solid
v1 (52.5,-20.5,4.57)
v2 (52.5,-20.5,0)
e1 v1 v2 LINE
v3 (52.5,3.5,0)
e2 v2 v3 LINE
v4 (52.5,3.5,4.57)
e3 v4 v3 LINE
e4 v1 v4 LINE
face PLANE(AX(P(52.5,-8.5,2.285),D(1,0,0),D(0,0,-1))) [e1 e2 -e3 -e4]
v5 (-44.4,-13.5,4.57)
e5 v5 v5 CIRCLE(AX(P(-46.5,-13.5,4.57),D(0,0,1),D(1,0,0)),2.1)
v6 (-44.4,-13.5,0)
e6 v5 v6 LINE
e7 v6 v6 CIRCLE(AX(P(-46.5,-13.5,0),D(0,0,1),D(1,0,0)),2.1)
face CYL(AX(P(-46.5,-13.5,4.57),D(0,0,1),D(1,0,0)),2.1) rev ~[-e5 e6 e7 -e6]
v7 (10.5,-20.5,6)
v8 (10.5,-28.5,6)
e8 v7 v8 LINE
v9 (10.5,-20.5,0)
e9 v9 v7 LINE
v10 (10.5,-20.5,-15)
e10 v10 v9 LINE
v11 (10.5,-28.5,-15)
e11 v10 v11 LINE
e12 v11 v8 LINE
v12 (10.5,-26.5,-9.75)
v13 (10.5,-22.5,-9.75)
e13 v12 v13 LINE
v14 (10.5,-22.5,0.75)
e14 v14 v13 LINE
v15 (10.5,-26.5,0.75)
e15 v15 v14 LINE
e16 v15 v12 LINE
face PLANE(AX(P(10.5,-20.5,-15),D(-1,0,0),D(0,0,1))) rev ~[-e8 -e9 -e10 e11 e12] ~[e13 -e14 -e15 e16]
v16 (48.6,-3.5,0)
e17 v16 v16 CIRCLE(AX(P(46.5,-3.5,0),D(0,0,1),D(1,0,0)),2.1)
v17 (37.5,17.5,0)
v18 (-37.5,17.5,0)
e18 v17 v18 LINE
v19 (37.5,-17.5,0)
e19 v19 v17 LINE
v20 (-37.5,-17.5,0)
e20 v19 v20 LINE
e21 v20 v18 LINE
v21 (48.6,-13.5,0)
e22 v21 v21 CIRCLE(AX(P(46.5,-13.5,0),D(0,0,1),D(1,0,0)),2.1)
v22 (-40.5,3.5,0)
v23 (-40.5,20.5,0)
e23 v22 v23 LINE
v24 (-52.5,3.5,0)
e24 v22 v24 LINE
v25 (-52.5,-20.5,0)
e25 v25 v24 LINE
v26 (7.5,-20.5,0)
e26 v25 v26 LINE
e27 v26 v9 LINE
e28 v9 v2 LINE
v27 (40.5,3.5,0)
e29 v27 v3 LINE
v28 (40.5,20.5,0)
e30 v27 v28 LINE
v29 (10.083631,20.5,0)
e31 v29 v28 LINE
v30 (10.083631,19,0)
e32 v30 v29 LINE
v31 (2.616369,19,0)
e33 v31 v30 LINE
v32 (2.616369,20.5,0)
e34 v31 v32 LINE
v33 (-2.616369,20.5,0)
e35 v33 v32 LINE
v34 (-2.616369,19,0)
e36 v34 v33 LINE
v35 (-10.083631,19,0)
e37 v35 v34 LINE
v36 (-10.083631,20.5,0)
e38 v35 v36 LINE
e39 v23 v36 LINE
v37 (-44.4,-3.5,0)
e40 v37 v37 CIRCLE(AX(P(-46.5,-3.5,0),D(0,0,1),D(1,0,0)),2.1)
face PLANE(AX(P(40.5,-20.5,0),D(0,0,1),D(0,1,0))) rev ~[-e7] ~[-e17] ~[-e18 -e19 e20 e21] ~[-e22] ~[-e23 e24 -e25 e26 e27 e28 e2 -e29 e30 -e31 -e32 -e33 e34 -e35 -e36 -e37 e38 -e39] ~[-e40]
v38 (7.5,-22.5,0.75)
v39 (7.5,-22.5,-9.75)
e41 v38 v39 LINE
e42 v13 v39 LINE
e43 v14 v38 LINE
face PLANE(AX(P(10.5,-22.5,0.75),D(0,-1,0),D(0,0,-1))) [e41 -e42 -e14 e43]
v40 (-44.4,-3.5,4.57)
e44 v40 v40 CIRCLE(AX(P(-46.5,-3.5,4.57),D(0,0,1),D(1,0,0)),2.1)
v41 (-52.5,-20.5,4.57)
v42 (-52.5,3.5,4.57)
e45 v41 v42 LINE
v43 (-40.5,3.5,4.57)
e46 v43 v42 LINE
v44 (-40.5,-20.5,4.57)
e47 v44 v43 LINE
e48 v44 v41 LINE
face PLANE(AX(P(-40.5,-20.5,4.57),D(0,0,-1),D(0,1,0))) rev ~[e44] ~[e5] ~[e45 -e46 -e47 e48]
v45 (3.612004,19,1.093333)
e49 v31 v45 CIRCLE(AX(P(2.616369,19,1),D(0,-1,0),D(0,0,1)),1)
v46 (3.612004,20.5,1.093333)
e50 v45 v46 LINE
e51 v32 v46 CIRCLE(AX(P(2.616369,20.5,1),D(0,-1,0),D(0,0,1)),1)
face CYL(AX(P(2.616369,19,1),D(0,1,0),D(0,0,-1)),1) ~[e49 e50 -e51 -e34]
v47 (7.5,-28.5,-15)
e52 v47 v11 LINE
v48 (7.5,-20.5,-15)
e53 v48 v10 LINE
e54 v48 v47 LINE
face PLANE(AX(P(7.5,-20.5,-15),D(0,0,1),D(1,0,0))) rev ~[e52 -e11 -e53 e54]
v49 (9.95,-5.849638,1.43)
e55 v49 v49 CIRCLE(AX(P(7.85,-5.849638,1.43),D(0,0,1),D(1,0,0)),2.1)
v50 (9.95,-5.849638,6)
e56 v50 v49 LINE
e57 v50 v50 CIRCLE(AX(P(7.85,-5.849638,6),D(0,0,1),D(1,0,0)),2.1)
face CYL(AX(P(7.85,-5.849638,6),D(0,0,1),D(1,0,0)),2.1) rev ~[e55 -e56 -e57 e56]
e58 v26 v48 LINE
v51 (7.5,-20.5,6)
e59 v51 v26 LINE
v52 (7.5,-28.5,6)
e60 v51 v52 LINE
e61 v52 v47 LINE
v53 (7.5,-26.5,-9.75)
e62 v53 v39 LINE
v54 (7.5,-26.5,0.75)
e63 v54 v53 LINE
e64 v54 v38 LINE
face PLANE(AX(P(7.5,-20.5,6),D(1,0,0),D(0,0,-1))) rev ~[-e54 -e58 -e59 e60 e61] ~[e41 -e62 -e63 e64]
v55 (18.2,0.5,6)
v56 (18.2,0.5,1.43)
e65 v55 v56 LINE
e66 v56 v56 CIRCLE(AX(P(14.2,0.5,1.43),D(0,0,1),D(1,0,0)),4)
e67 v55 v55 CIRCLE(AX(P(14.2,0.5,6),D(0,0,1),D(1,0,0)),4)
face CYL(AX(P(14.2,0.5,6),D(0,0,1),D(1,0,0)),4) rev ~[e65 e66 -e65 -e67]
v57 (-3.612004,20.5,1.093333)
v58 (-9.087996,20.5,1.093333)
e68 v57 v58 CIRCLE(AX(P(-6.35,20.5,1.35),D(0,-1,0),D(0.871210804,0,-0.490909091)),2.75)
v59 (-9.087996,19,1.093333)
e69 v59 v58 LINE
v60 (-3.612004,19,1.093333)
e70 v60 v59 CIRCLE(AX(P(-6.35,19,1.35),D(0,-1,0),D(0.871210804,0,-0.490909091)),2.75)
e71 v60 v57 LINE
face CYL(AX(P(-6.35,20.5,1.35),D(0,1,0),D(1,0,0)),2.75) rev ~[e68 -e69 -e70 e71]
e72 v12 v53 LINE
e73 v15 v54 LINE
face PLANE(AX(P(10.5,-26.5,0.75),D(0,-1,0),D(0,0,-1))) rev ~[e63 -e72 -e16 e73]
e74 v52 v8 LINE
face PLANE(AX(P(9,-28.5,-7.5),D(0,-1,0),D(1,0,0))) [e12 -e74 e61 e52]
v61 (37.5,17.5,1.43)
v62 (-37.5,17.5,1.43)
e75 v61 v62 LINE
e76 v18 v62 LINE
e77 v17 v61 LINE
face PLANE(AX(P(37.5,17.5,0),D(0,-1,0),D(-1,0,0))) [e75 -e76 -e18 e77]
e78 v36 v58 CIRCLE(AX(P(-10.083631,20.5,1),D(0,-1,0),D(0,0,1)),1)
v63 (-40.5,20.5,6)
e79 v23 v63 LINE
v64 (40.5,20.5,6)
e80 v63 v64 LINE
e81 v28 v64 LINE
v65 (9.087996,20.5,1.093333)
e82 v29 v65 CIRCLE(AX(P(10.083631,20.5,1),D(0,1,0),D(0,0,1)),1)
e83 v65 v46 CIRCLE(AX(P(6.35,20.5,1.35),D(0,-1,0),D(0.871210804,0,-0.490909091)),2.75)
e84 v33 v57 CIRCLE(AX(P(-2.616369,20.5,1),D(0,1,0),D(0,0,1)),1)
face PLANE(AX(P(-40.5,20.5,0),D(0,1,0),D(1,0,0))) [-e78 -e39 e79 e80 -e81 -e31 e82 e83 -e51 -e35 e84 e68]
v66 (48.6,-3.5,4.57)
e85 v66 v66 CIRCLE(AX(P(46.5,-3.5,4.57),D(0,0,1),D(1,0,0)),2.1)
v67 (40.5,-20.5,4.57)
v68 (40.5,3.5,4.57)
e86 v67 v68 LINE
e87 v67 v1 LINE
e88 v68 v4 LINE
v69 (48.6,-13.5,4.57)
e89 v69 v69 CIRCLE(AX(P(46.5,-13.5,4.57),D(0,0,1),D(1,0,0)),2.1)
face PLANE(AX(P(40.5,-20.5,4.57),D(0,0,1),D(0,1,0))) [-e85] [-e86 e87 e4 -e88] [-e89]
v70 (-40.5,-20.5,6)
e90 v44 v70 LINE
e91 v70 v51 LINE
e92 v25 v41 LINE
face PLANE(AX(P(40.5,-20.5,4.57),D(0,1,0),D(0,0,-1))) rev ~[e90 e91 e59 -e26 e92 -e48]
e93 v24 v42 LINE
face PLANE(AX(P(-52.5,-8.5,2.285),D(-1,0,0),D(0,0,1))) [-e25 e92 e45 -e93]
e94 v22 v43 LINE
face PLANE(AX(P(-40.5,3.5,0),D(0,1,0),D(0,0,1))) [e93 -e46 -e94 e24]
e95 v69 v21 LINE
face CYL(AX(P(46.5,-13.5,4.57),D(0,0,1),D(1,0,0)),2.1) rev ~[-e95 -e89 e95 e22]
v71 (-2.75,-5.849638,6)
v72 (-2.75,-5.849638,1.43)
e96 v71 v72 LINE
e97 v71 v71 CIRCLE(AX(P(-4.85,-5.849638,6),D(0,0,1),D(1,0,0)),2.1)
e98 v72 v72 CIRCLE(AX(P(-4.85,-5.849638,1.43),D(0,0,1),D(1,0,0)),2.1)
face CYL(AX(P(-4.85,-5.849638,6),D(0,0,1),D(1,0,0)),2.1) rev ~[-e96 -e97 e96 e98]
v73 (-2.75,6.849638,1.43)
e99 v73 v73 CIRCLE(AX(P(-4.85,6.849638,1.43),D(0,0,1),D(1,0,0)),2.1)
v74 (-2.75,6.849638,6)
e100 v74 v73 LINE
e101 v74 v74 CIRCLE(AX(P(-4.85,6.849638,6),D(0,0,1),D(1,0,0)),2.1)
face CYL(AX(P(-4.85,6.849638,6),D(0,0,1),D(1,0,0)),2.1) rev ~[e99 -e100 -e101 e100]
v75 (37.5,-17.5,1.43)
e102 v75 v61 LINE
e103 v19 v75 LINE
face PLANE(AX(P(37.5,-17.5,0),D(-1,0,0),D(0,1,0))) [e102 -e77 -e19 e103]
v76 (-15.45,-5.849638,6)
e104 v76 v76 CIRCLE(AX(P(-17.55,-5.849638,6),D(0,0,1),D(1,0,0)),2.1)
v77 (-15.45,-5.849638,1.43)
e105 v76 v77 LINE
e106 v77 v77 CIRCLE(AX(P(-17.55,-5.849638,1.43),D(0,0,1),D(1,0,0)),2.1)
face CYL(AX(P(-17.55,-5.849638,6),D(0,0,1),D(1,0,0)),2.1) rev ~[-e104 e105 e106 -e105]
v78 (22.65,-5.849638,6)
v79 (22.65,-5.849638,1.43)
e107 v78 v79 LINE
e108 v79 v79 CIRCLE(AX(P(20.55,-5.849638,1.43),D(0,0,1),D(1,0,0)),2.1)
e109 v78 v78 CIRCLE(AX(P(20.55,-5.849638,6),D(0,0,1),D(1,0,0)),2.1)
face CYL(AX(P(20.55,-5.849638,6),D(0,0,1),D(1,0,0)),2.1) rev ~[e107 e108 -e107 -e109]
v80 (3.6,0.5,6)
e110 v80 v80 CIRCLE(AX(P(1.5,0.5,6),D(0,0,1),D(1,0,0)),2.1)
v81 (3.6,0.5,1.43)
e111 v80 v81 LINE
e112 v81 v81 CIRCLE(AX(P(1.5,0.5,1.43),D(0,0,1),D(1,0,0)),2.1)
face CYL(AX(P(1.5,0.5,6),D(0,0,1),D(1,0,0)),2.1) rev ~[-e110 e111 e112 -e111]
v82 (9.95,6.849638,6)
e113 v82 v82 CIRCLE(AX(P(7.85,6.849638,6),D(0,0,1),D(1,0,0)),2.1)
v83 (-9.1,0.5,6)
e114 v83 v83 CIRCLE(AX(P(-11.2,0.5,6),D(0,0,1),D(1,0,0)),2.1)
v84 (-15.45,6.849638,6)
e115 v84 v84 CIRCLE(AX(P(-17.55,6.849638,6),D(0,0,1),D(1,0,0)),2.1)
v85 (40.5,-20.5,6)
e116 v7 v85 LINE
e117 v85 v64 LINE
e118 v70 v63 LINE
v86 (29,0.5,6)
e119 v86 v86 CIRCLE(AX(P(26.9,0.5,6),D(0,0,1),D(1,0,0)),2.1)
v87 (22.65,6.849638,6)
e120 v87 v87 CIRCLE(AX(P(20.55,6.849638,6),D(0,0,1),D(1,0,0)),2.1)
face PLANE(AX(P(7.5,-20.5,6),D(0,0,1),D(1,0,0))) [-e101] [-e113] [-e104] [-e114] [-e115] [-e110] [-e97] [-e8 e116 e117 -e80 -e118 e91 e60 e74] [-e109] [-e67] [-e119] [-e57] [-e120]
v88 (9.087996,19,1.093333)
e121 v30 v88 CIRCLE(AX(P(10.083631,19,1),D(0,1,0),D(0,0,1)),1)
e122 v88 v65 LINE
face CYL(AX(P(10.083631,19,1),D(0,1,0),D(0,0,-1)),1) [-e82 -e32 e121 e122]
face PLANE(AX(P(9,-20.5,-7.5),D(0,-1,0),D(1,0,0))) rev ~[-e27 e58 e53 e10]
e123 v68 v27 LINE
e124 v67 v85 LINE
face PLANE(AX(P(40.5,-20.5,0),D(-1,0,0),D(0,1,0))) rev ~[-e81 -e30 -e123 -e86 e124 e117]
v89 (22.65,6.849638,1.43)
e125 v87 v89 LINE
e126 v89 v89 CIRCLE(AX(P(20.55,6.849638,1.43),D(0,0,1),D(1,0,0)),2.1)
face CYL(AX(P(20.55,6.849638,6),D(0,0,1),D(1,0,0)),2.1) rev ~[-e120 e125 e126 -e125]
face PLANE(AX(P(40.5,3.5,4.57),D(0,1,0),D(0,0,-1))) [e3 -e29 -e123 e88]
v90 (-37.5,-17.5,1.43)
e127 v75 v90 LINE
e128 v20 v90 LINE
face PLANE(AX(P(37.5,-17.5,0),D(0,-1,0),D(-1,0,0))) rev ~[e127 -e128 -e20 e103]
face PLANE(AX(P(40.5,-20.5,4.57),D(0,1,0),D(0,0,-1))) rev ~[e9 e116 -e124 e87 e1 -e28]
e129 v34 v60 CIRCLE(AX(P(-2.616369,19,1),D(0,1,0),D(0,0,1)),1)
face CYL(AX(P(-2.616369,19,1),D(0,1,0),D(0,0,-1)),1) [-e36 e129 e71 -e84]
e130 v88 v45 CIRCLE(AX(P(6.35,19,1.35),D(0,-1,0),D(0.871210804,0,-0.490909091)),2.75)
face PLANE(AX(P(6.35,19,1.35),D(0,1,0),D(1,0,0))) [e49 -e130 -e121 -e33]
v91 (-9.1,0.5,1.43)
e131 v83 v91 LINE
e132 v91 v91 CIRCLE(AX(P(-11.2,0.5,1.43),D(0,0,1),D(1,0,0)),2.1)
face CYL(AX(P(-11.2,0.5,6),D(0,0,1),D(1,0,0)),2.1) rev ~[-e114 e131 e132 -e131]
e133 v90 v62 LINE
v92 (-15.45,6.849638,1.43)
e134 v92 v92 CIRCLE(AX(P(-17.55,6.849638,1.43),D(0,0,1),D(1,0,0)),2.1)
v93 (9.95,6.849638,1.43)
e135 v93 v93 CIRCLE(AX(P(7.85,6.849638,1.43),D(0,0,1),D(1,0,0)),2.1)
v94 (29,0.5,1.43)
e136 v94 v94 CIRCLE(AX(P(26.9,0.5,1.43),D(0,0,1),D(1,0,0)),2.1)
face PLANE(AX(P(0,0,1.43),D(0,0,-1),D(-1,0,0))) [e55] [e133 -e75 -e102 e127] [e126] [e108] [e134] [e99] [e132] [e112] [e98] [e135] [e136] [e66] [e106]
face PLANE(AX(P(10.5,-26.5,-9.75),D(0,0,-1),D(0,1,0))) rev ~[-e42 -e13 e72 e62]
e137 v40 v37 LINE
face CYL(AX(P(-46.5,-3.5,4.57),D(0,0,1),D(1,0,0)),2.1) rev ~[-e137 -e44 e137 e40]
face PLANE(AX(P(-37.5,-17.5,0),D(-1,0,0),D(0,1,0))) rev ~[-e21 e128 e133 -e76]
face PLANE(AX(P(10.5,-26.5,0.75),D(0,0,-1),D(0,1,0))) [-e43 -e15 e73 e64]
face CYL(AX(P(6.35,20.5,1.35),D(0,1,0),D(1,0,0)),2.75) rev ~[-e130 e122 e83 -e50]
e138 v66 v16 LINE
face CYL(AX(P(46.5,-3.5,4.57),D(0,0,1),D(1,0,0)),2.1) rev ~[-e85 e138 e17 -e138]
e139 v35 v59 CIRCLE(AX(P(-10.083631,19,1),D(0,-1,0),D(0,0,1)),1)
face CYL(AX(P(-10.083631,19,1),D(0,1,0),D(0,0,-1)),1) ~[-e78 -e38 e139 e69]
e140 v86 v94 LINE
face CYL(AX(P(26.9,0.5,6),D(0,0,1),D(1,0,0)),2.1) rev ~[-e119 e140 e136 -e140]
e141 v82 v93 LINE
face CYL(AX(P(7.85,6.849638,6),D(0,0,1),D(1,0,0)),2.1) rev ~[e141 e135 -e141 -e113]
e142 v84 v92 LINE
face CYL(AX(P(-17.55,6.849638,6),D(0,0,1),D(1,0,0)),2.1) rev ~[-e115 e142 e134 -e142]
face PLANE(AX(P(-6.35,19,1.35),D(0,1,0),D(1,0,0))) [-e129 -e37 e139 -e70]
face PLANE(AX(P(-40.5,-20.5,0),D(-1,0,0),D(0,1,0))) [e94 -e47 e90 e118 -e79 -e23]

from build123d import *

# Parameters (mm, degrees)
SKETCH1_W           = 81
SKETCH1_H           = 41
BOSS_EXTRUDE1_DEPTH = 6
SKETCH5_W           = 75
SKETCH5_H           = 35
CUT_EXTRUDE1_DEPTH  = 1.43
SKETCH8_R           = 2.1
SKETCH8_R_2         = 4
CUT_EXTRUDE2_DEPTH  = 46.787552894
SKETCH9_R           = 2.75
CUT_EXTRUDE3_DEPTH  = 1.5
FILLET1_R           = 1
SKETCH10_W          = 4.57
SKETCH10_H          = 24
BOSS_EXTRUDE2_DEPTH = 12
SKETCH12_W          = 4.57
SKETCH12_H          = 24
BOSS_EXTRUDE3_DEPTH = 12
SKETCH13_R          = 2.1
CUT_EXTRUDE4_DEPTH  = 57.545423334
SKETCH14_W          = 3
SKETCH14_H          = 15
SKETCH14_H_2        = 6
BOSS_EXTRUDE4_DEPTH = 8
SKETCH15_W          = 10.5
SKETCH15_H          = 4
CUT_EXTRUDE5_DEPTH  = 71.75485849


with BuildPart() as part:
    # Sketch1 → Boss-Extrude1 (new body)
    with BuildSketch(Plane.XY):
        Rectangle(SKETCH1_W, SKETCH1_H)
    extrude(amount=BOSS_EXTRUDE1_DEPTH)

    # Sketch5 → Cut-Extrude1 (cut)
    with BuildSketch(Plane(origin=(0, 0, 0), x_dir=(-1, 0, 0), z_dir=(0, 0, -1))):
        Rectangle(SKETCH5_W, SKETCH5_H)
    extrude(amount=-CUT_EXTRUDE1_DEPTH, mode=Mode.SUBTRACT)

    # Sketch8 → Cut-Extrude2 (cut, through all)
    with BuildSketch(Plane.XY.offset(6)):
        with Locations((26.9, 0.5)):
            Circle(SKETCH8_R)
        with Locations((20.55, 6.849637785)):
            Circle(SKETCH8_R)
        with Locations((7.85, 6.849637785)):
            Circle(SKETCH8_R)
        with Locations((7.85, -5.849637785)):
            Circle(SKETCH8_R)
        with Locations((20.55, -5.849637785)):
            Circle(SKETCH8_R)
        with Locations((1.5, 0.5)):
            Circle(SKETCH8_R)
        with Locations((-4.85, 6.849637785)):
            Circle(SKETCH8_R)
        with Locations((-4.85, -5.849637785)):
            Circle(SKETCH8_R)
        with Locations((-11.2, 0.5)):
            Circle(SKETCH8_R)
        with Locations((-17.55, 6.849637785)):
            Circle(SKETCH8_R)
        with Locations((-17.55, -5.849637785)):
            Circle(SKETCH8_R)
        with Locations((14.2, 0.5)):
            Circle(SKETCH8_R_2)
    extrude(amount=-CUT_EXTRUDE2_DEPTH, mode=Mode.SUBTRACT)

    # Sketch9 → Cut-Extrude3 (cut)
    with BuildSketch(Plane(origin=(0, 20.5, 0), x_dir=(1, 0, 0), z_dir=(0, 1, 0))):
        with Locations((6.35, -1.35)):
            Circle(SKETCH9_R)
        with Locations((-6.35, -1.35)):
            Circle(SKETCH9_R)
    extrude(amount=-CUT_EXTRUDE3_DEPTH, mode=Mode.SUBTRACT)

    # Fillet1
    fillet1_edges = [part.edges().sort_by_distance(p)[0] for p in [
        (-8.74582971, 19.75, 0),
        (-3.95417029, 19.75, 0),
        (3.95417029, 19.75, 0),
        (8.74582971, 19.75, 0),
    ]]
    fillet(fillet1_edges, radius=FILLET1_R)

    # Sketch10 → Boss-Extrude2 (add)
    with BuildSketch(Plane.ZY.offset(40.5)):
        with Locations((2.285, -8.5)):
            Rectangle(SKETCH10_W, SKETCH10_H)
    extrude(amount=BOSS_EXTRUDE2_DEPTH)

    # Sketch12 → Boss-Extrude3 (add)
    with BuildSketch(Plane(origin=(40.5, 0, 0), x_dir=(0, 0, -1), z_dir=(1, 0, 0))):
        with Locations((-2.285, -8.5)):
            Rectangle(SKETCH12_W, SKETCH12_H)
    extrude(amount=BOSS_EXTRUDE3_DEPTH)

    # Sketch13 → Cut-Extrude4 (cut, through all)
    with BuildSketch(Plane.XY.offset(4.57)):
        with Locations((-46.5, -3.5)):
            Circle(SKETCH13_R)
        with Locations((-46.5, -13.5)):
            Circle(SKETCH13_R)
        with Locations((46.5, -3.5)):
            Circle(SKETCH13_R)
        with Locations((46.5, -13.5)):
            Circle(SKETCH13_R)
    extrude(amount=-CUT_EXTRUDE4_DEPTH, mode=Mode.SUBTRACT)

    # Sketch14 → Boss-Extrude4 (add)
    with BuildSketch(Plane.XZ.offset(20.5)):
        with Locations((9, -7.5)):
            Rectangle(SKETCH14_W, SKETCH14_H)
        with Locations((9, 3)):
            Rectangle(SKETCH14_W, SKETCH14_H_2)
    extrude(amount=BOSS_EXTRUDE4_DEPTH)

    # Sketch15 → Cut-Extrude5 (cut, through all)
    with BuildSketch(Plane(origin=(10.5, 0, 0), x_dir=(0, 0, -1), z_dir=(1, 0, 0))):
        with Locations((4.5, -24.5)):
            Rectangle(SKETCH15_W, SKETCH15_H)
    extrude(amount=-CUT_EXTRUDE5_DEPTH, mode=Mode.SUBTRACT)


solid = part.part
